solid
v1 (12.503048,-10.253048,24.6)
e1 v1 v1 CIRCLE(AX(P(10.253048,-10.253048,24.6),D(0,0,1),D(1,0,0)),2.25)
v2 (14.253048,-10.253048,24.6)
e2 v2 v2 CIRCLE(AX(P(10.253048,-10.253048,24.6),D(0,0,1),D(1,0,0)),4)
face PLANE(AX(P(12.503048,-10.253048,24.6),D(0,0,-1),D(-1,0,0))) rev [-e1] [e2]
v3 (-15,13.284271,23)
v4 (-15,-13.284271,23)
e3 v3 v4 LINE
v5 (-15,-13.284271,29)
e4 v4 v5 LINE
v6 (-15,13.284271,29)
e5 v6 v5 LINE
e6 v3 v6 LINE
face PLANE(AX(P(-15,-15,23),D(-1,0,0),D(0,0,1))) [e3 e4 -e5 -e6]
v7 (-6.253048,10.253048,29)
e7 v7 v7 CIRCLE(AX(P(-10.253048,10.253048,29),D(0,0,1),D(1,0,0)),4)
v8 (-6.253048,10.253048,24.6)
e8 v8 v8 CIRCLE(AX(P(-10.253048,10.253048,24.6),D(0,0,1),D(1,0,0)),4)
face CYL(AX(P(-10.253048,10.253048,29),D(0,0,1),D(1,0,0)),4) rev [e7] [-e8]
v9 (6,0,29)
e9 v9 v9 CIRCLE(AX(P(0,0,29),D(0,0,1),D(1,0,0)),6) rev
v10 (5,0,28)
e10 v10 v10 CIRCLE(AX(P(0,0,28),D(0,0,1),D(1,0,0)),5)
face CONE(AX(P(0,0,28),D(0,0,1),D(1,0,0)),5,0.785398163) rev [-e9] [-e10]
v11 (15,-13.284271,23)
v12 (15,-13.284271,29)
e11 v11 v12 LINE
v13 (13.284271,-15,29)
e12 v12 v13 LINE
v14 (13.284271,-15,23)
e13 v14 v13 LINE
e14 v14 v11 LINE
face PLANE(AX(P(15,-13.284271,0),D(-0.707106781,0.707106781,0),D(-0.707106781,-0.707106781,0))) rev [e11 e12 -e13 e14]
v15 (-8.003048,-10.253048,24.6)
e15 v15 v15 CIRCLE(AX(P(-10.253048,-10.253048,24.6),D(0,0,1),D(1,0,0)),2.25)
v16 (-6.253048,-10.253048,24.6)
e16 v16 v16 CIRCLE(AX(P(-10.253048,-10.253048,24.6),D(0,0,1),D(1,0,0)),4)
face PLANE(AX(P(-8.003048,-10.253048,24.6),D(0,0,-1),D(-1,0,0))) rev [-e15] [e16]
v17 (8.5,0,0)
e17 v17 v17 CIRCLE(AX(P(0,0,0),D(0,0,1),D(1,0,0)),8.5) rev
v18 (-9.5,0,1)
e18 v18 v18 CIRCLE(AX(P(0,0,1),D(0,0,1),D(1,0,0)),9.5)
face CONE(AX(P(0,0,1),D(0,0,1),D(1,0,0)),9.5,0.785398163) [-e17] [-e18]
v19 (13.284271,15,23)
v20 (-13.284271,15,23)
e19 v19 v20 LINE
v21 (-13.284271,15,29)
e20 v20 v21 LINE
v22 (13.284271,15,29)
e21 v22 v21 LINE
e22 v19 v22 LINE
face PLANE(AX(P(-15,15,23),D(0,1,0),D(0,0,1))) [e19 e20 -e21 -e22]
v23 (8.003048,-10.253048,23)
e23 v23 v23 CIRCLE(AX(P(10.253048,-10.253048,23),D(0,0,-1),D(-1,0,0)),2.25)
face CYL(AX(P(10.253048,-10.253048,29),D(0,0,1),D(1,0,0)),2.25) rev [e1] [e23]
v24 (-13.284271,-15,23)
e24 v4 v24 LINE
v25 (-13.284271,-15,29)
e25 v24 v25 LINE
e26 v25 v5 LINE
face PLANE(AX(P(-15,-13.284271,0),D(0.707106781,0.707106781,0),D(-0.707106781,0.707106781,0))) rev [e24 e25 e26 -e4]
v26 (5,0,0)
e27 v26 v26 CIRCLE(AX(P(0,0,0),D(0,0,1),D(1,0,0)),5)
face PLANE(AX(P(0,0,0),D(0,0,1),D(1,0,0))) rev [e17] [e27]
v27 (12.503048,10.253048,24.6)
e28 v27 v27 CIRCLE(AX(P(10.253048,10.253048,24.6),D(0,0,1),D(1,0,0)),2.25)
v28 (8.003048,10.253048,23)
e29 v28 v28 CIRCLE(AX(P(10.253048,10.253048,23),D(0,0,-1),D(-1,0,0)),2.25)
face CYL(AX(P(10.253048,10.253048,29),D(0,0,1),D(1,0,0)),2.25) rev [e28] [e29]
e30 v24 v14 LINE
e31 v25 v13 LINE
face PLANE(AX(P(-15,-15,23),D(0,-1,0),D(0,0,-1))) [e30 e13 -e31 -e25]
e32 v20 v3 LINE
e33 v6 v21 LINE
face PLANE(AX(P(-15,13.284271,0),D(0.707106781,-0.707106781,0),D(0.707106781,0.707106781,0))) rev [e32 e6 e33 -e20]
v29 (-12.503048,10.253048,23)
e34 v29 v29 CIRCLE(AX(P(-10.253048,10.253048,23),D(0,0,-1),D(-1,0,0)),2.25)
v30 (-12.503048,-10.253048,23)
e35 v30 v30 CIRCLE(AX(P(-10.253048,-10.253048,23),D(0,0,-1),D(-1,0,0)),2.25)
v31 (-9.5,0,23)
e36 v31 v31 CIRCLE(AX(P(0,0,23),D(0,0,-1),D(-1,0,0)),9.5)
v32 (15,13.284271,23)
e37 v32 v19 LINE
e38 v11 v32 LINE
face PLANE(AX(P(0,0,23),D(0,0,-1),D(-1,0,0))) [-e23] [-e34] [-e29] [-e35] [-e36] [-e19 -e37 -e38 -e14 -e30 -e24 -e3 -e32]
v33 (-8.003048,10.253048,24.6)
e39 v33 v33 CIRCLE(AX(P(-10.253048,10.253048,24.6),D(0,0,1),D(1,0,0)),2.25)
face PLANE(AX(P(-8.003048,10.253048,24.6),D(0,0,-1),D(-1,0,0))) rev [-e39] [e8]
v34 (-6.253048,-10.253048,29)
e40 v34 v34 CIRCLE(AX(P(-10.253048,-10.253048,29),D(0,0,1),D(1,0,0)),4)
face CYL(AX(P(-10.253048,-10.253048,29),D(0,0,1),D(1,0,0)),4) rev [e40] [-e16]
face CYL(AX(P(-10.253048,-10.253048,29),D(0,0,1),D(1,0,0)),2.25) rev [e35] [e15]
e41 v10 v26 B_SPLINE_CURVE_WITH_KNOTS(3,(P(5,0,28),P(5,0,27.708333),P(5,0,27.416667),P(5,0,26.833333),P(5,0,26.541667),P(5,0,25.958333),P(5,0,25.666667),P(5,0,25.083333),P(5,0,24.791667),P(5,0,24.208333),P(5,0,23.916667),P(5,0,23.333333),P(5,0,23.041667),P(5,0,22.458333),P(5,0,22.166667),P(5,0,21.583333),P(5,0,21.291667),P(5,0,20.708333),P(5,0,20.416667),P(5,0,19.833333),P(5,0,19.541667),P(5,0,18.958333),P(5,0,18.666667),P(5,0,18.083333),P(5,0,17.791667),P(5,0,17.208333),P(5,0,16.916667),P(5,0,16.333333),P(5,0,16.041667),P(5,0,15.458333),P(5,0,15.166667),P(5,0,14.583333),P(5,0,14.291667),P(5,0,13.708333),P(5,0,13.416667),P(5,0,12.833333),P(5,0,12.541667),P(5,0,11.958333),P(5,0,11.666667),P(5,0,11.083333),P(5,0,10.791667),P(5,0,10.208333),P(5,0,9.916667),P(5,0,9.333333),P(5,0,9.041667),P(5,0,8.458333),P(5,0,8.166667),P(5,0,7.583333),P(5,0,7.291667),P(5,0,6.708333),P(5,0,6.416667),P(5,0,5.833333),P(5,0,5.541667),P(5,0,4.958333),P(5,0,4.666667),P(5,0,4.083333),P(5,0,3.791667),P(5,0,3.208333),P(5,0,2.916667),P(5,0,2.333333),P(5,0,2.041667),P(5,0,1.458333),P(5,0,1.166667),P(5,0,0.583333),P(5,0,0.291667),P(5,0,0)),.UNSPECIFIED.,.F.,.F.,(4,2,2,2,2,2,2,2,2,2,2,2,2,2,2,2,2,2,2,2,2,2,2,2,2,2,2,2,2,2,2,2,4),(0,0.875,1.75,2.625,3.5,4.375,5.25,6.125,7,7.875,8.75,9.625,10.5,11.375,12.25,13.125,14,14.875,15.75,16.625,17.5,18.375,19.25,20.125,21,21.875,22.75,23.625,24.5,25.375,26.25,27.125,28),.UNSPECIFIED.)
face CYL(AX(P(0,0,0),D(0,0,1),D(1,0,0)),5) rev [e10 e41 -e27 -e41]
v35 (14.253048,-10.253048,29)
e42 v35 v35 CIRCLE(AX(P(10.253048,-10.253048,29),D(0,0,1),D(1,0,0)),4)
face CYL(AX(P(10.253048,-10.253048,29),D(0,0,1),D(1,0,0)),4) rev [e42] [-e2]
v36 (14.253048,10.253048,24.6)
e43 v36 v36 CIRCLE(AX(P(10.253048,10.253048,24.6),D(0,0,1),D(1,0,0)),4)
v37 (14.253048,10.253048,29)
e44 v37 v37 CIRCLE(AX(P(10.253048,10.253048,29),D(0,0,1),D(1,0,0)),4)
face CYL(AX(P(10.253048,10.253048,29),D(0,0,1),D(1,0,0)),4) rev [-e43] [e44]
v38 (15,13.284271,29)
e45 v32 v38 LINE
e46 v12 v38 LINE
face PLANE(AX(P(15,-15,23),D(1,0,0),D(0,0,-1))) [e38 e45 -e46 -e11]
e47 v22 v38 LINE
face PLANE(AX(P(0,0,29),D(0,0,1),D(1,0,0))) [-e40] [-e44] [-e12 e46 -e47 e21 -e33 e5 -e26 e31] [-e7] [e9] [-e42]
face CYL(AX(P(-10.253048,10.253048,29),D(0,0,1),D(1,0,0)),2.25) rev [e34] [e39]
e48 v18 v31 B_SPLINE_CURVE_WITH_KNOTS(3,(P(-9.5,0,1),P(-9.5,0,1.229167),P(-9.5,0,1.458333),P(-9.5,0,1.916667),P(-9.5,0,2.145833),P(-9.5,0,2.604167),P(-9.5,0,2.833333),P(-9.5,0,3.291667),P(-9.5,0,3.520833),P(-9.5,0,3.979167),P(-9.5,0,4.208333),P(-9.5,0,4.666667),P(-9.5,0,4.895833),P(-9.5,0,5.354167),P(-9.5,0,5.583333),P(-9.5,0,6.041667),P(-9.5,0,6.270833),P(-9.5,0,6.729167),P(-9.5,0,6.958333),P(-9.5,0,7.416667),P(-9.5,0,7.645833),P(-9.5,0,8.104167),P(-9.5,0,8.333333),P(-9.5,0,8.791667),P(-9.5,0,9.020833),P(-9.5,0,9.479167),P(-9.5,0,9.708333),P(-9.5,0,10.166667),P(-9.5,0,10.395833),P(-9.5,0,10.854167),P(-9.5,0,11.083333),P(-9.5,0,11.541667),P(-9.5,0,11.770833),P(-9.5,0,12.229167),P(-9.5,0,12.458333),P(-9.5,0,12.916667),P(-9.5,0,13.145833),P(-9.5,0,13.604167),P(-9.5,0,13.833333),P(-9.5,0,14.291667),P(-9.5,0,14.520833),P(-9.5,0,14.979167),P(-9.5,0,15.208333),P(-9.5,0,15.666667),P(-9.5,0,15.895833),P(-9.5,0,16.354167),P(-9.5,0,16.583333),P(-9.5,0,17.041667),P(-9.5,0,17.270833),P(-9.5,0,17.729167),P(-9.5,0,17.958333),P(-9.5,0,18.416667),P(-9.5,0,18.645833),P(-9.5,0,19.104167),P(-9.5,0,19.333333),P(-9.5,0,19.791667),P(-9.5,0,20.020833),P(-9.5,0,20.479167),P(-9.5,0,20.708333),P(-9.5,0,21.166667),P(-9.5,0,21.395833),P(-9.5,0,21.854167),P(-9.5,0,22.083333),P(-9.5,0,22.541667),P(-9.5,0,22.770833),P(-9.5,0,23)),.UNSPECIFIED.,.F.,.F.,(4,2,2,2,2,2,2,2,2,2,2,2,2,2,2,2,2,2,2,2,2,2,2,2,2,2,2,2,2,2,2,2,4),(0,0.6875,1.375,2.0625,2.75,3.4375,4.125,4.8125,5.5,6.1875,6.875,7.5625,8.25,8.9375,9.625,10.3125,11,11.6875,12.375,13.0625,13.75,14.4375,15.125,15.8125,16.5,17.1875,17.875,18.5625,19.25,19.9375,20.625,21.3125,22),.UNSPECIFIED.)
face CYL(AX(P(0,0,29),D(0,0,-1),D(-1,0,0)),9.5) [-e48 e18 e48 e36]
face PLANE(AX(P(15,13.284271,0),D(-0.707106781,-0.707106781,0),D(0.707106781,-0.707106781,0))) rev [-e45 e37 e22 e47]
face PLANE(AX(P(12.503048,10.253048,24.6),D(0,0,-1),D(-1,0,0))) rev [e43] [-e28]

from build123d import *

# Parameters (mm, degrees)
SKETCH1_R                                           = 9.5
BOSS_EXTRUDE1_DEPTH                                 = 29
SKETCH2_W                                           = 30
SKETCH2_H                                           = 30
BOSS_EXTRUDE2_DEPTH                                 = 6
CUT_EXTRUDE1_DEPTH                                  = 36.930488446
CBORE_FOR_M4_HEX_SOCKET_HEAD_CAP_SCREW1_D           = 4.5
CBORE_FOR_M4_HEX_SOCKET_HEAD_CAP_SCREW1_DEPTH       = 22
CBORE_FOR_M4_HEX_SOCKET_HEAD_CAP_SCREW1_CBORE_D     = 8
CBORE_FOR_M4_HEX_SOCKET_HEAD_CAP_SCREW1_CBORE_DEPTH = 4.4
CBORE_FOR_M4_HEX_SOCKET_HEAD_CAP_SCREW1_TIP         = 1.351936393
SKETCH8_R                                           = 5
CUT_EXTRUDE2_DEPTH                                  = 36.930488446
CHAMFER1_SIZE                                       = 1


with BuildPart() as part:
    # Sketch1 → Boss-Extrude1 (new body)
    with BuildSketch(Plane.XY):
        with Locations(Location((0, 0, 0), (0, 0, 180))):
            Circle(SKETCH1_R)
    extrude(amount=BOSS_EXTRUDE1_DEPTH)

    # Sketch2 → Boss-Extrude2 (add)
    with BuildSketch(Plane.XY.offset(29)):
        Rectangle(SKETCH2_W, SKETCH2_H)
    extrude(amount=-BOSS_EXTRUDE2_DEPTH)

    # Sketch4 → Cut-Extrude1 (cut, through all)
    with BuildSketch(Plane.XY.offset(29)):
        Polygon((-15, 15), (-15, 13.284271247), (-13.284271247, 15), align=None)
        Polygon((13.284271247, 15), (15, 15), (15, 13.284271247), align=None)
        Polygon((15, -15), (15, -13.284271247), (13.284271247, -15), align=None)
        Polygon((-13.284271247, -15), (-15, -15), (-15, -13.284271247), align=None)
    extrude(amount=-CUT_EXTRUDE1_DEPTH, mode=Mode.SUBTRACT)

    # CBORE for M4 Hex Socket Head Cap Screw1
    with Locations(Plane.XY.offset(29)):
        with Locations((-10.253048327, 10.253048327), (10.253048327, 10.253048327), (10.253048327, -10.253048327), (-10.253048327, -10.253048327)):
            CounterBoreHole(CBORE_FOR_M4_HEX_SOCKET_HEAD_CAP_SCREW1_D / 2, CBORE_FOR_M4_HEX_SOCKET_HEAD_CAP_SCREW1_CBORE_D / 2, CBORE_FOR_M4_HEX_SOCKET_HEAD_CAP_SCREW1_CBORE_DEPTH, depth=CBORE_FOR_M4_HEX_SOCKET_HEAD_CAP_SCREW1_DEPTH)
            with Locations((0, 0, -(CBORE_FOR_M4_HEX_SOCKET_HEAD_CAP_SCREW1_DEPTH + CBORE_FOR_M4_HEX_SOCKET_HEAD_CAP_SCREW1_TIP / 2))):  # 118° drill point
                Cone(0, CBORE_FOR_M4_HEX_SOCKET_HEAD_CAP_SCREW1_D / 2, CBORE_FOR_M4_HEX_SOCKET_HEAD_CAP_SCREW1_TIP, mode=Mode.SUBTRACT)

    # Sketch8 → Cut-Extrude2 (cut, through all)
    with BuildSketch(Plane.XY.offset(29)):
        Circle(SKETCH8_R)
    extrude(amount=-CUT_EXTRUDE2_DEPTH, mode=Mode.SUBTRACT)

    # Chamfer1
    chamfer1_edges = [part.edges().sort_by_distance(p)[0] for p in [
        (-5, 0, 29),
        (9.5, 0, 0),
    ]]
    chamfer(chamfer1_edges, length=CHAMFER1_SIZE)


solid = part.part
